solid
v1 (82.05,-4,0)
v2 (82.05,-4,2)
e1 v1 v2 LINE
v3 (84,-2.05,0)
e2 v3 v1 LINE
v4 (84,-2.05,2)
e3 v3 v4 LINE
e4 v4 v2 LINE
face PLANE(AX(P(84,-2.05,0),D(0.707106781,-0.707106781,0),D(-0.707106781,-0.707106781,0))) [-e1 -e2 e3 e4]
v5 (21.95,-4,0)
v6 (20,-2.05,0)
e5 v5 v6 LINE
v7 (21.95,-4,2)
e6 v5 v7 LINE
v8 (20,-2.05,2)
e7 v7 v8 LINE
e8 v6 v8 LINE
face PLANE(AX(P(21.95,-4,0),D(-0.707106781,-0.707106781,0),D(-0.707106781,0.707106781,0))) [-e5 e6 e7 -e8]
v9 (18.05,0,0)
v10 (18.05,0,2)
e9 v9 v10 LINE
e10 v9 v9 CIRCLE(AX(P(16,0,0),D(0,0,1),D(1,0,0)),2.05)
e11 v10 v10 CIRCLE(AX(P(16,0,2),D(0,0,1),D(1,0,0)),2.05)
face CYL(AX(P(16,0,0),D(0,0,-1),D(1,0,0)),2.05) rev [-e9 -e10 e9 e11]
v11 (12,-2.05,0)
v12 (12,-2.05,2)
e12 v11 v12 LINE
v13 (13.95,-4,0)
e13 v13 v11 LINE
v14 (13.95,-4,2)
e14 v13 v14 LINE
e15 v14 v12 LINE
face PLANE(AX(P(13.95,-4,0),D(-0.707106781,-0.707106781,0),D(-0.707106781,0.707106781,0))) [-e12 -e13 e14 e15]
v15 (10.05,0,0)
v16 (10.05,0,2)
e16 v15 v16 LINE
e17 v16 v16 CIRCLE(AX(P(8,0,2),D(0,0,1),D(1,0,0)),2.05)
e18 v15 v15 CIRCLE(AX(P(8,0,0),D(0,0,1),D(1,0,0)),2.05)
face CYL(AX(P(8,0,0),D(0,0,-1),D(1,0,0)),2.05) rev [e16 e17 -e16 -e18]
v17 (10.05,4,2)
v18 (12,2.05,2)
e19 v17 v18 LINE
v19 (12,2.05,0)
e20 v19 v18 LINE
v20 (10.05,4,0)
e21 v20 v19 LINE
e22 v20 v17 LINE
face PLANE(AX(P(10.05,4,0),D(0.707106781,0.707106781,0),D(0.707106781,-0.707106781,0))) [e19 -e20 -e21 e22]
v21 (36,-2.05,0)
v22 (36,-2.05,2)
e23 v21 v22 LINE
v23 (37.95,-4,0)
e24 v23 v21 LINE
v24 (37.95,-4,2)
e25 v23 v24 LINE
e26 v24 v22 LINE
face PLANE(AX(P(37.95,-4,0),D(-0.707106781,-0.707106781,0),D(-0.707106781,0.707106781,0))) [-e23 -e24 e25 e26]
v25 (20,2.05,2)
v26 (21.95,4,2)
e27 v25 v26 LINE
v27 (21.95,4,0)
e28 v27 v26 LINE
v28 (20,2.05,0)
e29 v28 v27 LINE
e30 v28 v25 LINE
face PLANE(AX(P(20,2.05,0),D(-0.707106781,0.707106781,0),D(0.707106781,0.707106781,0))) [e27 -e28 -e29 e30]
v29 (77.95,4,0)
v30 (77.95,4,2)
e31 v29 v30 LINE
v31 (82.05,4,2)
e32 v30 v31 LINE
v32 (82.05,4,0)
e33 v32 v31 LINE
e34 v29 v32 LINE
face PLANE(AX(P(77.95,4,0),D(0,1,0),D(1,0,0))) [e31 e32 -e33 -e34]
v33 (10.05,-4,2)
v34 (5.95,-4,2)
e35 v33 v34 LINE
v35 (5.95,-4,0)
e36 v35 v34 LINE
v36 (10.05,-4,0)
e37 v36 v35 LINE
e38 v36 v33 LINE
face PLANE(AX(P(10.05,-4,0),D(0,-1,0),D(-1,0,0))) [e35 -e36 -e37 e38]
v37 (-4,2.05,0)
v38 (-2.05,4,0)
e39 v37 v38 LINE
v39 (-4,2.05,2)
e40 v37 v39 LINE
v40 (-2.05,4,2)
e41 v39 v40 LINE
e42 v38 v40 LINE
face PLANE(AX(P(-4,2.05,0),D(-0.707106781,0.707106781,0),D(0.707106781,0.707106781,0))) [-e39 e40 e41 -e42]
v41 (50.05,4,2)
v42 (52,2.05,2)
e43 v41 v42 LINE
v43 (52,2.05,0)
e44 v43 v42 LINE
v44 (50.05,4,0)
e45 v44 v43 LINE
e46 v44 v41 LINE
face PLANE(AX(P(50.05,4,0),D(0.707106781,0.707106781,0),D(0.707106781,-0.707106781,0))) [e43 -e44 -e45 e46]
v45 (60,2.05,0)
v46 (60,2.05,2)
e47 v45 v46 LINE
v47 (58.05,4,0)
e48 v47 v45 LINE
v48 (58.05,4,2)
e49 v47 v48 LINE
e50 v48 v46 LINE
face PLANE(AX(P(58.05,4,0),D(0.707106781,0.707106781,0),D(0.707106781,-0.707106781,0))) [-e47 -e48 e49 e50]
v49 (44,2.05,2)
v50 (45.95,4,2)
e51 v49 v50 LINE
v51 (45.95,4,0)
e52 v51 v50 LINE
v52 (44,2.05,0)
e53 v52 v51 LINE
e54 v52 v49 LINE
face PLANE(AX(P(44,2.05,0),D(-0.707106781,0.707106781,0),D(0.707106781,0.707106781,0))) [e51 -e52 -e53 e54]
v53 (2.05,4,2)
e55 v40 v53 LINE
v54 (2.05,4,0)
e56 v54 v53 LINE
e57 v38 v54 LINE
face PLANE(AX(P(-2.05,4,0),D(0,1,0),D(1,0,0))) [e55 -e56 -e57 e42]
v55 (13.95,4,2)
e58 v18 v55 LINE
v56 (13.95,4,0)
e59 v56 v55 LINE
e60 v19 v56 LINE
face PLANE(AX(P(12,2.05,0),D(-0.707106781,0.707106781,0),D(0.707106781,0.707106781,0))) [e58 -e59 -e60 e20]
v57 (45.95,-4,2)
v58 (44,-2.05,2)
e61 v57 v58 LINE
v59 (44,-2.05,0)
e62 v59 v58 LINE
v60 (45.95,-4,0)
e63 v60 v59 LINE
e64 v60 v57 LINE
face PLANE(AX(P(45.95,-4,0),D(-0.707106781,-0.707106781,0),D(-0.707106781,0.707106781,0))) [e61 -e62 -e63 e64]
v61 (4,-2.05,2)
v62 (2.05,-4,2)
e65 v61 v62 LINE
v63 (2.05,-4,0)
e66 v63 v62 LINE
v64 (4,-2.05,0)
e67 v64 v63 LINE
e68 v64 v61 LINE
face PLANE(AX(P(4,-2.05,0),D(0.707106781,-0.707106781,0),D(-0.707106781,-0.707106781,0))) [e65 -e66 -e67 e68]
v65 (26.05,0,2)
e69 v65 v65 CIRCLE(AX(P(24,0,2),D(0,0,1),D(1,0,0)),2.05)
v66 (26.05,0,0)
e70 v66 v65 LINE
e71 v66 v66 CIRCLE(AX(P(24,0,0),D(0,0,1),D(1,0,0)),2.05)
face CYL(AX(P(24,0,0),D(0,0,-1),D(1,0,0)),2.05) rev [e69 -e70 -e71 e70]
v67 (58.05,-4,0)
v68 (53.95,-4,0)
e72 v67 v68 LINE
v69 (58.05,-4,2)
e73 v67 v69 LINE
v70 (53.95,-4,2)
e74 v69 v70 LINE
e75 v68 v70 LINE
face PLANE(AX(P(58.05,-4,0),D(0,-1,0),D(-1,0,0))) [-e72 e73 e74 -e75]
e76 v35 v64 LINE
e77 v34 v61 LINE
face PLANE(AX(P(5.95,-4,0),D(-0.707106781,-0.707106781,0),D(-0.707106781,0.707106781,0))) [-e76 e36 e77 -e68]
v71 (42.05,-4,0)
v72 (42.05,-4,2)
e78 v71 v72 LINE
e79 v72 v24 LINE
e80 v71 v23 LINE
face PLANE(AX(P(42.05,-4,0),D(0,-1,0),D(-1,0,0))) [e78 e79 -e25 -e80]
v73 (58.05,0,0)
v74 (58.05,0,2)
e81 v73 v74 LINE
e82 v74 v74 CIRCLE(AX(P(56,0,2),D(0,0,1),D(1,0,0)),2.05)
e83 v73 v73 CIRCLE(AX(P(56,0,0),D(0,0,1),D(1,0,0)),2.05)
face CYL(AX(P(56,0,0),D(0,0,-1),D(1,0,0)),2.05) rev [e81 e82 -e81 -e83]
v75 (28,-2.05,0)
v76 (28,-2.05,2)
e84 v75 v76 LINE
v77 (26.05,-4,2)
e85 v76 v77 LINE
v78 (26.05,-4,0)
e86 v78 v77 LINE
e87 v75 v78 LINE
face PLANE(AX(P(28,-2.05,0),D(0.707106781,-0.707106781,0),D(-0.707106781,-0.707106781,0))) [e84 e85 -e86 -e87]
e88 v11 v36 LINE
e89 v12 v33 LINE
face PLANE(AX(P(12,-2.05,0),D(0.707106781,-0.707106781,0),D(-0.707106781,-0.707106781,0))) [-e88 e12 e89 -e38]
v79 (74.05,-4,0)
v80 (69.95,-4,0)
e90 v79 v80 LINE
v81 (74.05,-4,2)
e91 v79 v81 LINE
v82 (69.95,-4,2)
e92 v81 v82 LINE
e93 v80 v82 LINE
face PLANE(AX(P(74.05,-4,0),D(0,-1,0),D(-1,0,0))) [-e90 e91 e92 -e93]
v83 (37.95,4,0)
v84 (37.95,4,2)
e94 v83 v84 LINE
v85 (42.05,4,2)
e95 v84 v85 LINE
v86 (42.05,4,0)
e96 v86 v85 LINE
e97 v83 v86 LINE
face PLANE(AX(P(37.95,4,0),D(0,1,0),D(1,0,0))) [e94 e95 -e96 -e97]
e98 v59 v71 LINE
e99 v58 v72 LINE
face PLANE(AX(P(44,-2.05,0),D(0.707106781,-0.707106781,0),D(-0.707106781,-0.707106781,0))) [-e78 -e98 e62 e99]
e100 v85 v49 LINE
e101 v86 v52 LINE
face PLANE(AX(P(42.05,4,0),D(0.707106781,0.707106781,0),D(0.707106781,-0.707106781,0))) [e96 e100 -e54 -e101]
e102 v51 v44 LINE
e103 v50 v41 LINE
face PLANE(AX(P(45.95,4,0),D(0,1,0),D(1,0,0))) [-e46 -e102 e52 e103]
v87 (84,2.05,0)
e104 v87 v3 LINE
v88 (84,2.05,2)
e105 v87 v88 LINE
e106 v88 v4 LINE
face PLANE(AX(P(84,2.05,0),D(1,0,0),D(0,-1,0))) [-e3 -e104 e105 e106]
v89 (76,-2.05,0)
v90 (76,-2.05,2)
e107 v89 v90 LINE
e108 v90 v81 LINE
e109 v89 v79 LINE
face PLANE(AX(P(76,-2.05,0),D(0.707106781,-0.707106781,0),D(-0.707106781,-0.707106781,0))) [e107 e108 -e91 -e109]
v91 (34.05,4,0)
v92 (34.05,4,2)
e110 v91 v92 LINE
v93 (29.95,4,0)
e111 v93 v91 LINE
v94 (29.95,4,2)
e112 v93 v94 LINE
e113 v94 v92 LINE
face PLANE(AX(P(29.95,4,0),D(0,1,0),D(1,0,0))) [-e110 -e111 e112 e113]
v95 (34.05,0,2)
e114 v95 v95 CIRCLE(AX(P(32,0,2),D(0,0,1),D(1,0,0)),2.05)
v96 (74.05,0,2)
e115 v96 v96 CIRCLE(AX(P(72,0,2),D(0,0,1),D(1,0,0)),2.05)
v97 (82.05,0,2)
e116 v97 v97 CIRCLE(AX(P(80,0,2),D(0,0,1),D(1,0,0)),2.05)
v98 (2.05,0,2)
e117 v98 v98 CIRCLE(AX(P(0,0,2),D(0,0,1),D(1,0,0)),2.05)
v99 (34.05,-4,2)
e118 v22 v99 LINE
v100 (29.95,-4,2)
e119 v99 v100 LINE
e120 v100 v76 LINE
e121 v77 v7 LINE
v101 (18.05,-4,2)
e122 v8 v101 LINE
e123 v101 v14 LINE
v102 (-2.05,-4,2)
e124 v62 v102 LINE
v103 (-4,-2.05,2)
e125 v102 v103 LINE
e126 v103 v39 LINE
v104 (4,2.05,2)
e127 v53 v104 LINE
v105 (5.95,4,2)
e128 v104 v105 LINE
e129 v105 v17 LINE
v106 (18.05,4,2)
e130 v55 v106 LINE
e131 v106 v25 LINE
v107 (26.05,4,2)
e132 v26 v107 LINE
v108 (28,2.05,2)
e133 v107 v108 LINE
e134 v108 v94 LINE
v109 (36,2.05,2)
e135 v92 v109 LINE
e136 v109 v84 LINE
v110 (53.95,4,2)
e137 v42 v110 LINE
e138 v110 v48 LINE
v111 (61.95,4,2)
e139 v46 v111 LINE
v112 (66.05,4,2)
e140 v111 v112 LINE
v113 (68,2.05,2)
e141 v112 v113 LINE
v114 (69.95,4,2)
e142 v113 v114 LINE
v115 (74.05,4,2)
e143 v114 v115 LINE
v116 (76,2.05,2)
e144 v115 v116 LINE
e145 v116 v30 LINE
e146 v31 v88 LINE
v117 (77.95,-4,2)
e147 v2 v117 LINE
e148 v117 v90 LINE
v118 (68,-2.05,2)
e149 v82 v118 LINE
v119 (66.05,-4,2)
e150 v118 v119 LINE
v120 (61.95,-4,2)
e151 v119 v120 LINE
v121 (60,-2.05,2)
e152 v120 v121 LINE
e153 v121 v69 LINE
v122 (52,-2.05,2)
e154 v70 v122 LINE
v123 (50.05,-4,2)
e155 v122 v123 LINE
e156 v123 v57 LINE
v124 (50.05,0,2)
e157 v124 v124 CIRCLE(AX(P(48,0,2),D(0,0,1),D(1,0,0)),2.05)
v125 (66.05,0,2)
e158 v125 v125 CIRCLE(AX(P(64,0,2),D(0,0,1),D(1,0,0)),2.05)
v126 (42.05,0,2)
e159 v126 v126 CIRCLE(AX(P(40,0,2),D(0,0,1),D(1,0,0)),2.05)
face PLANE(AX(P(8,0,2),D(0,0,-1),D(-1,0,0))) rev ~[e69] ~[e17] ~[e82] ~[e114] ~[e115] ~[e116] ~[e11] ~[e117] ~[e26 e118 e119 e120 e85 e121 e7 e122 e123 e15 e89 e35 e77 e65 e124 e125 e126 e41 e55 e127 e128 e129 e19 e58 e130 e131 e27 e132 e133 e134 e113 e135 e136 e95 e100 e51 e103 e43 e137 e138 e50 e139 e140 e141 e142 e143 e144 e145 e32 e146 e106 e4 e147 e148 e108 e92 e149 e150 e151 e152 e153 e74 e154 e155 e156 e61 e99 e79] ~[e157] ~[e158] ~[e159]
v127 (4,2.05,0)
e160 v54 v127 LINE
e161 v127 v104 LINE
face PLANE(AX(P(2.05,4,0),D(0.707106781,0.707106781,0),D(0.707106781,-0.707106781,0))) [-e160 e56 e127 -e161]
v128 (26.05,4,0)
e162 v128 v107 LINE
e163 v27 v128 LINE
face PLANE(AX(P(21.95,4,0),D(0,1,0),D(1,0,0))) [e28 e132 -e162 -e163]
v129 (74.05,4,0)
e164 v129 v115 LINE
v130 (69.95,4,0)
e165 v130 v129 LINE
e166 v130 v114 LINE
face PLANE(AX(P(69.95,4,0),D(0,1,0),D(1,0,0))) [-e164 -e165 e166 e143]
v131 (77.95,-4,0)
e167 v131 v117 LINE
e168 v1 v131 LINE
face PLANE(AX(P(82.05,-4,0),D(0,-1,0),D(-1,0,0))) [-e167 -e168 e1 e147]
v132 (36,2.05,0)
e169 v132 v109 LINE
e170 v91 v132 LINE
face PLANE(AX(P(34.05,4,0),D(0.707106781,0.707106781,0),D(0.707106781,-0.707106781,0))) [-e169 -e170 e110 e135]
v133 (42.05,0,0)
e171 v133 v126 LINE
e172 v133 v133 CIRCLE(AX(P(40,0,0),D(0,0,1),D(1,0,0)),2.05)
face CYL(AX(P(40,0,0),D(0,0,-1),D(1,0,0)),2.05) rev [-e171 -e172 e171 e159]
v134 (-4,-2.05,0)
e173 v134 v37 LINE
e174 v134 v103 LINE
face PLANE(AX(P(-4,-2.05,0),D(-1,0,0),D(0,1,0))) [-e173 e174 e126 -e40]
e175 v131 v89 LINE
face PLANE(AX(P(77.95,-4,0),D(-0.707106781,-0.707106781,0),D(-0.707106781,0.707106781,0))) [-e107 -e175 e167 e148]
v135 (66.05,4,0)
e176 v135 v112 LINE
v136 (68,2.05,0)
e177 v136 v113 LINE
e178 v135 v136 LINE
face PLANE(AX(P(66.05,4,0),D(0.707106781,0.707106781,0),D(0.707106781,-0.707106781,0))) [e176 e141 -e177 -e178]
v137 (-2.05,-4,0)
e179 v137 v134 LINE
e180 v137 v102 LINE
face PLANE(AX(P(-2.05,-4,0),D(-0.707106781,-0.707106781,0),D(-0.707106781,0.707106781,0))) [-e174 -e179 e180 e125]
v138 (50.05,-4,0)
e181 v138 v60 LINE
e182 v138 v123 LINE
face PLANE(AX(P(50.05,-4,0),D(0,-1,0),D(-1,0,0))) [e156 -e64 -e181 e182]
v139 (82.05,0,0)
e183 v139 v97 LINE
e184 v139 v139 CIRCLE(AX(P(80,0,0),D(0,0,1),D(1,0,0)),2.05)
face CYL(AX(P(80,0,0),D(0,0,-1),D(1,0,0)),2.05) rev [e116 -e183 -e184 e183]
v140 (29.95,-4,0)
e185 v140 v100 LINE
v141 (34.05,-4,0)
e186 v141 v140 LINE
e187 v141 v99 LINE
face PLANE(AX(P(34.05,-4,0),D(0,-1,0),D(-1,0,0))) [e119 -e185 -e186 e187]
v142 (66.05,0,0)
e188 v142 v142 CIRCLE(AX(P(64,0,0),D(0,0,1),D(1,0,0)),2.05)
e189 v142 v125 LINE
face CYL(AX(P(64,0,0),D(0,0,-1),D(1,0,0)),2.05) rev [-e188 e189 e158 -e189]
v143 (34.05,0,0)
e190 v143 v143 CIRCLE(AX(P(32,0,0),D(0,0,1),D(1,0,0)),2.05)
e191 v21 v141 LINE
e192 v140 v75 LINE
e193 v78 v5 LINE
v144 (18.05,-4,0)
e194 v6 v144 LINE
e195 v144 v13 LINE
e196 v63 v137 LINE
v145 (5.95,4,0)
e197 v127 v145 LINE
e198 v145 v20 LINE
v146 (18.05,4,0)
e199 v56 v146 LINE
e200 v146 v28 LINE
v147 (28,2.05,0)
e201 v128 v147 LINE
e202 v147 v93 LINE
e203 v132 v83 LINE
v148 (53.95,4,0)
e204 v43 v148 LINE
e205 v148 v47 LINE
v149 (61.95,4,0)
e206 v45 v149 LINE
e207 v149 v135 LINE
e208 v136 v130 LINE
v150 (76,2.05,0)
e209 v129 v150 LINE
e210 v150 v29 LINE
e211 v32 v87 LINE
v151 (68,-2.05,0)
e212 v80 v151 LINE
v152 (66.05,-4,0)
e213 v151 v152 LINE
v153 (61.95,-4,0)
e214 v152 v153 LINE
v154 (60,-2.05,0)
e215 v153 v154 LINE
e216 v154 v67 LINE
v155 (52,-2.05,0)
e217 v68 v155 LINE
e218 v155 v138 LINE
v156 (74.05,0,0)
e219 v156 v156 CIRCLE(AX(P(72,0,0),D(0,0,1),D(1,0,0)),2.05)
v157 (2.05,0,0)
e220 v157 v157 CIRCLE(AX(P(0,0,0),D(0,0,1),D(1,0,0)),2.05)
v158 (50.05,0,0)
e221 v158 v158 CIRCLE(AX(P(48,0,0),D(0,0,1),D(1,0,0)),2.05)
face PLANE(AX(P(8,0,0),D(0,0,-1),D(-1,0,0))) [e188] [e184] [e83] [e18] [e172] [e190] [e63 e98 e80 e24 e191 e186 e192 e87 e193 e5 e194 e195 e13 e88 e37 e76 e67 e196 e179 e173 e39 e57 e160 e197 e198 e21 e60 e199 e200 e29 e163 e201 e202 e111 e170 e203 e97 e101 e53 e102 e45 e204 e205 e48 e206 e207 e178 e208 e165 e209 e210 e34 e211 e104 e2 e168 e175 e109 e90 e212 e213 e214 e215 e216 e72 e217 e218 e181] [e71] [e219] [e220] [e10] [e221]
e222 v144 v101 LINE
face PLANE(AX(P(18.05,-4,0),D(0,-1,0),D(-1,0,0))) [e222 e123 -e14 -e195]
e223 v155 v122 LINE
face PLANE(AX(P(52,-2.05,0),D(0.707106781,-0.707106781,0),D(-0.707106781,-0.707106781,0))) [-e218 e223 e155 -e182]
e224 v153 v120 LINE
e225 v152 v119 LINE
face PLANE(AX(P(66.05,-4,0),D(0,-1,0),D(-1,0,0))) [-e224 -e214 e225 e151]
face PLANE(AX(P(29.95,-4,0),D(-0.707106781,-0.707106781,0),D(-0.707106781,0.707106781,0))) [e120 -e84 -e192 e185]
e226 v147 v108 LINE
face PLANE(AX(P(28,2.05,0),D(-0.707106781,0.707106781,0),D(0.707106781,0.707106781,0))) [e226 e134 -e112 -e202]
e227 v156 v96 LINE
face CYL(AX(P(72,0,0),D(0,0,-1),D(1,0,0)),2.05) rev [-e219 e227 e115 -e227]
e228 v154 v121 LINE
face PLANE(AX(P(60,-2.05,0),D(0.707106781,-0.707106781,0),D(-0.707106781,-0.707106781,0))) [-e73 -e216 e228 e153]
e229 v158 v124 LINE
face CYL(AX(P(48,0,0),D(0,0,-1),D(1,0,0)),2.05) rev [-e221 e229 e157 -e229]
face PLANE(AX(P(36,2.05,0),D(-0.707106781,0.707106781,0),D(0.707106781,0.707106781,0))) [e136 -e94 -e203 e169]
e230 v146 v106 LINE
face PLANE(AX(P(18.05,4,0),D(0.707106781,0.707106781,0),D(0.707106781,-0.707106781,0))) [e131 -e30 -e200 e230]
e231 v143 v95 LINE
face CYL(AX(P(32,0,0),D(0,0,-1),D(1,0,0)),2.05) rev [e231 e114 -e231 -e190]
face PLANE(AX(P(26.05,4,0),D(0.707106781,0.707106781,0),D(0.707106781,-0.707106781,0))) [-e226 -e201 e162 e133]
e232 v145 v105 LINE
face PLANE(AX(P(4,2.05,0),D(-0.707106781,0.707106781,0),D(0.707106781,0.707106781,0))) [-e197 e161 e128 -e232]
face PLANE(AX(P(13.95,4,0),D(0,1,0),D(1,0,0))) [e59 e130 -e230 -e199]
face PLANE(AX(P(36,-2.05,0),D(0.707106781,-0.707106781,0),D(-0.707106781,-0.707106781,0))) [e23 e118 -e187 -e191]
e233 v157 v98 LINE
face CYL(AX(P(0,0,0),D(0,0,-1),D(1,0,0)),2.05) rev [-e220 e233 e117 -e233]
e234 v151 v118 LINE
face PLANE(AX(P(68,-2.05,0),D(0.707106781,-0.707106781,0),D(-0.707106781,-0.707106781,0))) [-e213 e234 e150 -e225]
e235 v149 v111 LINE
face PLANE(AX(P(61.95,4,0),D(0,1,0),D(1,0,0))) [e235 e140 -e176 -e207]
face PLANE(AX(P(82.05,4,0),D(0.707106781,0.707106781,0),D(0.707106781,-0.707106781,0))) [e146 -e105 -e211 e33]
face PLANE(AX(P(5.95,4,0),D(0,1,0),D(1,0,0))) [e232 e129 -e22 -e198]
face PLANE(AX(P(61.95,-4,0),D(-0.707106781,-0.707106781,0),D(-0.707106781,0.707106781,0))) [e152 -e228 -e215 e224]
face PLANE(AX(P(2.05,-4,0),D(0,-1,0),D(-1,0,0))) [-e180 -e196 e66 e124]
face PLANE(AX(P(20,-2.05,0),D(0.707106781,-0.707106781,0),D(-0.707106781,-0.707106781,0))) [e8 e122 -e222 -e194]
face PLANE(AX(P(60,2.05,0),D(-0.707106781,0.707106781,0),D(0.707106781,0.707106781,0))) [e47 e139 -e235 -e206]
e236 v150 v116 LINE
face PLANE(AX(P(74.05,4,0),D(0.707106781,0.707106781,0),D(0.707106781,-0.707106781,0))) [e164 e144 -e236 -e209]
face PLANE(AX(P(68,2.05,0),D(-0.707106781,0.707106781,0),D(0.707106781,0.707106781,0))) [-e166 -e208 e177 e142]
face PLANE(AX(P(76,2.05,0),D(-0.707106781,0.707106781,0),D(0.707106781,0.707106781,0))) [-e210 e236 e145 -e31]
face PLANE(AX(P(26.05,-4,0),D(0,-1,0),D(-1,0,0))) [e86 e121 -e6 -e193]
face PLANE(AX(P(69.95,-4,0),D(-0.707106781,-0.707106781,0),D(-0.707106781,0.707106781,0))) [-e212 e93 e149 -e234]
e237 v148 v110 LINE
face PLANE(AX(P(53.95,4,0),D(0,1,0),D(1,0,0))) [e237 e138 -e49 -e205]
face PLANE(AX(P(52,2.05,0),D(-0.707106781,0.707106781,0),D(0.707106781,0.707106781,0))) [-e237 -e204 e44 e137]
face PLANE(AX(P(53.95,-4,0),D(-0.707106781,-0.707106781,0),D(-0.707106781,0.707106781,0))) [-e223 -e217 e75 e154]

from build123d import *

# Parameters (mm, degrees)
SKETCH2_R           = 2.05
BOSS_EXTRUDE1_DEPTH = 2
LPATTERN1_COUNT     = 11
LPATTERN1_PITCH     = 8


with BuildPart() as part:
    # Sketch2 → Boss-Extrude1 (new body)
    with BuildSketch(Plane.XY):
        Polygon((-2.05, -4), (-4, -2.05), (-4, 2.05), (-2.05, 4), (2.05, 4), (4, 2.05), (4, -2.05), (2.05, -4), align=None)
        Circle(SKETCH2_R, mode=Mode.SUBTRACT)
    boss_extrude1 = extrude(amount=BOSS_EXTRUDE1_DEPTH)

    # LPattern1: Boss-Extrude1 ×11
    with Locations(*[(i * LPATTERN1_PITCH, 0, 0) for i in range(1, LPATTERN1_COUNT)]):
        add(boss_extrude1)


solid = part.part
